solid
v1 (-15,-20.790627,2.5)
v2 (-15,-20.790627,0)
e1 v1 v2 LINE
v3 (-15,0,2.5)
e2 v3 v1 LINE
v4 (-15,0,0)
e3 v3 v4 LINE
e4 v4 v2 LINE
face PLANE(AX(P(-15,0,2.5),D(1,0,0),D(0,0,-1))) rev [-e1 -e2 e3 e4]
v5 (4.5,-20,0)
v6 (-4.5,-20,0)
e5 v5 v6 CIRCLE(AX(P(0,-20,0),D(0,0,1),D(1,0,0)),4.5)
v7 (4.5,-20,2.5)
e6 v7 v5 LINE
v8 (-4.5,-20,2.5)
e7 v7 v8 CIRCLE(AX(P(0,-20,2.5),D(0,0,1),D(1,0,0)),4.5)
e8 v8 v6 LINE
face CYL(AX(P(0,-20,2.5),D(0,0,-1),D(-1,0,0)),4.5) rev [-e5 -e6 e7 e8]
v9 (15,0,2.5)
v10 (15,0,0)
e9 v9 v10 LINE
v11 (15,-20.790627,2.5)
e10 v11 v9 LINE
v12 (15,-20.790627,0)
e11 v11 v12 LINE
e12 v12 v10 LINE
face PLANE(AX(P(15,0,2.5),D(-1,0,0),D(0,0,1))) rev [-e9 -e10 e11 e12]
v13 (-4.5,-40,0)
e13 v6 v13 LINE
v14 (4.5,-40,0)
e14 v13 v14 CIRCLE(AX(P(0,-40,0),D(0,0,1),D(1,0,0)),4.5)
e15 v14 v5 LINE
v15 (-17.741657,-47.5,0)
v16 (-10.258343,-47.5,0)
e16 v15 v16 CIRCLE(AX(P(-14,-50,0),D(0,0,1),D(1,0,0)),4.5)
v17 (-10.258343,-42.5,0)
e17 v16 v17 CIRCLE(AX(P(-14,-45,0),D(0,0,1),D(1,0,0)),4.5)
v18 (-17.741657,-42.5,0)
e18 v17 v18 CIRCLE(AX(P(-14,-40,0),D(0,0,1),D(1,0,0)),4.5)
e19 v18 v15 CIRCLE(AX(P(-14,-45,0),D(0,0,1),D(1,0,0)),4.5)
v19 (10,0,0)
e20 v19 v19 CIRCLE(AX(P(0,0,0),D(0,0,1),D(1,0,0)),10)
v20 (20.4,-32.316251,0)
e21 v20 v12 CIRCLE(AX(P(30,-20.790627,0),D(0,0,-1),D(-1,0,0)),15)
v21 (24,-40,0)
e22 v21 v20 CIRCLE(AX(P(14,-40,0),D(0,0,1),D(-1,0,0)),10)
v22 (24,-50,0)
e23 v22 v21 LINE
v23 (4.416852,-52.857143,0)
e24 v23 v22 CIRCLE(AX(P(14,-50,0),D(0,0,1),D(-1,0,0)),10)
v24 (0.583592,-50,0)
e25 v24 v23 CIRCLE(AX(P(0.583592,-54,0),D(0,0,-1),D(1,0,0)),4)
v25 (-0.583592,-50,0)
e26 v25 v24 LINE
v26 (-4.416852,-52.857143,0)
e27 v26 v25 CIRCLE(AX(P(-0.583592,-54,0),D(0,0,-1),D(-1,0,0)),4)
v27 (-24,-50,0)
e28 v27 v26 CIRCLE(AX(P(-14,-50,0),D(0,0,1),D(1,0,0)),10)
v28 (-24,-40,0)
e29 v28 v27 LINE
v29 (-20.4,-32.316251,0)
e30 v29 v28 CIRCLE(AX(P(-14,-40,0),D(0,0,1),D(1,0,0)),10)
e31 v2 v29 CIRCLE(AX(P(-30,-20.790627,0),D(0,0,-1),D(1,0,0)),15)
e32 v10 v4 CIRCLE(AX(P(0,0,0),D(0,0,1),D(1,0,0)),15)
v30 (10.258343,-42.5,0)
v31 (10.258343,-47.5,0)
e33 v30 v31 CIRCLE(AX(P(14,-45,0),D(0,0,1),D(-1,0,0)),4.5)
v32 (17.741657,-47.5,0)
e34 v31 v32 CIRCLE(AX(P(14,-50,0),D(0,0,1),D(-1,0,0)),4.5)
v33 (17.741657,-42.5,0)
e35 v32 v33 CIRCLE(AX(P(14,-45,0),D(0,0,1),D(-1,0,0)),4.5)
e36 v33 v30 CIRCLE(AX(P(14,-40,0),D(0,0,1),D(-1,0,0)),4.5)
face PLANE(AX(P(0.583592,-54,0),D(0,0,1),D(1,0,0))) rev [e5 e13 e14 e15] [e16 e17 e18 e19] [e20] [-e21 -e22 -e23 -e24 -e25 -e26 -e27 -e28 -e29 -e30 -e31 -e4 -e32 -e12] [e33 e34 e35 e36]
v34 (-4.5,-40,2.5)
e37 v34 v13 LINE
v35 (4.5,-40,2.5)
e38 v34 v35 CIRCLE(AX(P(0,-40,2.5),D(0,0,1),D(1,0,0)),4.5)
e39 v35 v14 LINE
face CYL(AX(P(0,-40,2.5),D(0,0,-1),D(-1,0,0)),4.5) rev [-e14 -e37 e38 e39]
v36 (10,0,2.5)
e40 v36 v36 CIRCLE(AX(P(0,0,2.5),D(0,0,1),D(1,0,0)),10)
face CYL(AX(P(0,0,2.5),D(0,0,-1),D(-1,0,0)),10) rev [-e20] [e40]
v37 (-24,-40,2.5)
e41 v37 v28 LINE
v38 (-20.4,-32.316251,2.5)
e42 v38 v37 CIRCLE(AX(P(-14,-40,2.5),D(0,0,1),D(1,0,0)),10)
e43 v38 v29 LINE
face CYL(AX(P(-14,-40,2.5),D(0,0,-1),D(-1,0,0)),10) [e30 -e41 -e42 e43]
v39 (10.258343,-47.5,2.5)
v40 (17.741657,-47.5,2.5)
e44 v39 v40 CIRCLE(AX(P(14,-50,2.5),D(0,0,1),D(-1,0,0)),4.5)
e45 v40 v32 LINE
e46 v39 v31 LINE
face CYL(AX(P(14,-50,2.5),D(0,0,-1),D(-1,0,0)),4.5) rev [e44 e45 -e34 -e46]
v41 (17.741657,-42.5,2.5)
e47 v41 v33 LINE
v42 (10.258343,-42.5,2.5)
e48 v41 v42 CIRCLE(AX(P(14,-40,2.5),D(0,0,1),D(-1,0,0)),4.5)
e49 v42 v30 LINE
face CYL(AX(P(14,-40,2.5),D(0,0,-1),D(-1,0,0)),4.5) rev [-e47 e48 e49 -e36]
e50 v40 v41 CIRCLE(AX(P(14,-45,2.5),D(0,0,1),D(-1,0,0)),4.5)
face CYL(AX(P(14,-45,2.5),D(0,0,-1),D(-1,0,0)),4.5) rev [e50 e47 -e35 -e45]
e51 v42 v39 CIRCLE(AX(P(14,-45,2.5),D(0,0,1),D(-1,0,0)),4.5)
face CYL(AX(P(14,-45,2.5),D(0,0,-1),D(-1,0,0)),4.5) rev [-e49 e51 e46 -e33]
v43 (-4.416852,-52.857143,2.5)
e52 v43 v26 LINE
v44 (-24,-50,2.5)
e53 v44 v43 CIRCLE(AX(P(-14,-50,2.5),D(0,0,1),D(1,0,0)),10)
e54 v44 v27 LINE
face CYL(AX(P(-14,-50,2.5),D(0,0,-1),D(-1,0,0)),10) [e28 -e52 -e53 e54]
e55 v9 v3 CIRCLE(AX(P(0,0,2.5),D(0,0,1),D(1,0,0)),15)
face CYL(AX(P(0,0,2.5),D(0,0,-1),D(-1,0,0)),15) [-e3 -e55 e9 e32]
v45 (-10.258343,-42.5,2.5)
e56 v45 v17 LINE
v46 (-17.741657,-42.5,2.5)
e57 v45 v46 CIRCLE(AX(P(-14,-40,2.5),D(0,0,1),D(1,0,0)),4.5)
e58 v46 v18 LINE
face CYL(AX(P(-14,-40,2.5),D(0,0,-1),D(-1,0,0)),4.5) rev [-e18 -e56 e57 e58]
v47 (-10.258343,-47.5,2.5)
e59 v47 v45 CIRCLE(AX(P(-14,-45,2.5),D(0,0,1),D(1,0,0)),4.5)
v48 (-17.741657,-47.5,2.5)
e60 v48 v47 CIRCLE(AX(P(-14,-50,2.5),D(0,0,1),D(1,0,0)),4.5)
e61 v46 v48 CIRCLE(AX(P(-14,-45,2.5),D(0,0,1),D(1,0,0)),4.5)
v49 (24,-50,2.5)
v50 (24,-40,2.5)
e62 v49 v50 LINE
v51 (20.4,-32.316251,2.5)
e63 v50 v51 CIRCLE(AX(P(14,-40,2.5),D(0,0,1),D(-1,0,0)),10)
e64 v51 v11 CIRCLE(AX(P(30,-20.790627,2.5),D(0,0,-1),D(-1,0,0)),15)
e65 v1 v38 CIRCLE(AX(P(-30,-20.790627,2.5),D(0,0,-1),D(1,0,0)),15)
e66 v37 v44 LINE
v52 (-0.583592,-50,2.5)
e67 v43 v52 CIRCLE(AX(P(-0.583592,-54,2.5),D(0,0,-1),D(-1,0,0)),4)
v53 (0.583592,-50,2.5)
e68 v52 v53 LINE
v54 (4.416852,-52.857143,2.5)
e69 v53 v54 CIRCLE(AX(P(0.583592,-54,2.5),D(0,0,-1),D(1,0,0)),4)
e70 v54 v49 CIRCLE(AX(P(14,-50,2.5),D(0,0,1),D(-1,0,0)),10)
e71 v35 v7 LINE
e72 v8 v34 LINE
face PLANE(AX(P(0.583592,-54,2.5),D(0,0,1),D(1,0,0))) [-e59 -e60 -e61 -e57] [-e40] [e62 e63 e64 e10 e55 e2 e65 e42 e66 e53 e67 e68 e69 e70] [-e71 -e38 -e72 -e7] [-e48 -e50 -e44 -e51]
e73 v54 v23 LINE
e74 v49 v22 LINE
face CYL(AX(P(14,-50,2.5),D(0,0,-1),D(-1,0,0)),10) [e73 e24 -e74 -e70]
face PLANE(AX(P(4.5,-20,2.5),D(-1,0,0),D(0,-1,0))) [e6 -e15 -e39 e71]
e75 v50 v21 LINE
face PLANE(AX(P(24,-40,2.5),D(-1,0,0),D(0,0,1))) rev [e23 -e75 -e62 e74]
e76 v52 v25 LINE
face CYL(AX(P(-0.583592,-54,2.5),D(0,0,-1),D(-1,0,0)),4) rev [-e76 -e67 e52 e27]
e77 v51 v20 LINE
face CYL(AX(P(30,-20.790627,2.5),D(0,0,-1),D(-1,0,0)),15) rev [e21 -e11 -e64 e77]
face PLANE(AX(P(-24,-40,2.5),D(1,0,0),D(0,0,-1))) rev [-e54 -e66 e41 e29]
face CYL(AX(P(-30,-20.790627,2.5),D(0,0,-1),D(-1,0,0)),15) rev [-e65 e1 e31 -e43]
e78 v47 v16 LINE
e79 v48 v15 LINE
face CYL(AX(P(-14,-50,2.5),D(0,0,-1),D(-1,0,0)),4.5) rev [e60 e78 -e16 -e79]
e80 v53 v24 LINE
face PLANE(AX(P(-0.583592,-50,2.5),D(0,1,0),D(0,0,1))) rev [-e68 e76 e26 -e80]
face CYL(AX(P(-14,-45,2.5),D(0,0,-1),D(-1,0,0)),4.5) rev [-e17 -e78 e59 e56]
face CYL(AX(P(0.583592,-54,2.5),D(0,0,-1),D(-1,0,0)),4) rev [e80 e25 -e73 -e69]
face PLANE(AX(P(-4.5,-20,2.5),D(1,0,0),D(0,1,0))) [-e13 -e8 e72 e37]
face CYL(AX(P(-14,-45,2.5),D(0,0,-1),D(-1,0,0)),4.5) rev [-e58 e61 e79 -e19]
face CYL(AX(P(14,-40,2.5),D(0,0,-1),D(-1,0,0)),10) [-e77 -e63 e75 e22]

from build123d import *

# Parameters (mm, degrees)
SKETCH_1_R      = 10
EXTRUDE_1_DEPTH = 2.5


with BuildPart() as part:
    # 草图1 → 凸台-拉伸1 (new body)
    with BuildSketch(Plane.XY):
        with BuildLine():
            Line((-24, -40), (-24, -50))
            ThreePointArc((-24, -50), (-15.443695821, -59.895238369), (-4.416851525, -52.857142857))
            ThreePointArc((-4.416851525, -52.857142857), (-2.974049354, -50.792865097), (-0.583592135, -50))
            Line((-0.583592135, -50), (0.583592135, -50))
            ThreePointArc((0.583592135, -50), (2.974049354, -50.792865097), (4.416851525, -52.857142857))
            ThreePointArc((4.416851525, -52.857142857), (15.443695821, -59.895238369), (24, -50))
            Line((24, -50), (24, -40))
            ThreePointArc((24, -40), (23.055385138, -35.757359313), (20.4, -32.316250915))
            ThreePointArc((20.4, -32.316250915), (16.416922293, -27.154588318), (15, -20.790627288))
            Line((15, -20.790627288), (15, 0))
            ThreePointArc((15, 0), (0, 15), (-15, 0))
            Line((-15, 0), (-15, -20.790627288))
            ThreePointArc((-15, -20.790627288), (-16.416922293, -27.154588318), (-20.4, -32.316250915))
            ThreePointArc((-20.4, -32.316250915), (-23.055385138, -35.757359313), (-24, -40))
        make_face()
        Circle(SKETCH_1_R, mode=Mode.SUBTRACT)
        with BuildLine():
            Line((-4.5, -20), (-4.5, -40))
            ThreePointArc((-4.5, -40), (0, -44.5), (4.5, -40))
            Line((4.5, -40), (4.5, -20))
            ThreePointArc((4.5, -20), (0, -15.5), (-4.5, -20))
        make_face(mode=Mode.SUBTRACT)
        with BuildLine():
            ThreePointArc((-17.741657387, -47.5), (-14, -54.5), (-10.258342613, -47.5))
            ThreePointArc((-10.258342613, -47.5), (-9.5, -45), (-10.258342613, -42.5))
            ThreePointArc((-10.258342613, -42.5), (-14, -35.5), (-17.741657387, -42.5))
            ThreePointArc((-17.741657387, -42.5), (-18.5, -45), (-17.741657387, -47.5))
        make_face(mode=Mode.SUBTRACT)
        with BuildLine():
            ThreePointArc((10.258342613, -47.5), (9.5, -45), (10.258342613, -42.5))
            ThreePointArc((10.258342613, -42.5), (14, -35.5), (17.741657387, -42.5))
            ThreePointArc((17.741657387, -42.5), (18.5, -45), (17.741657387, -47.5))
            ThreePointArc((17.741657387, -47.5), (14, -54.5), (10.258342613, -47.5))
        make_face(mode=Mode.SUBTRACT)
    extrude(amount=EXTRUDE_1_DEPTH)


solid = part.part
